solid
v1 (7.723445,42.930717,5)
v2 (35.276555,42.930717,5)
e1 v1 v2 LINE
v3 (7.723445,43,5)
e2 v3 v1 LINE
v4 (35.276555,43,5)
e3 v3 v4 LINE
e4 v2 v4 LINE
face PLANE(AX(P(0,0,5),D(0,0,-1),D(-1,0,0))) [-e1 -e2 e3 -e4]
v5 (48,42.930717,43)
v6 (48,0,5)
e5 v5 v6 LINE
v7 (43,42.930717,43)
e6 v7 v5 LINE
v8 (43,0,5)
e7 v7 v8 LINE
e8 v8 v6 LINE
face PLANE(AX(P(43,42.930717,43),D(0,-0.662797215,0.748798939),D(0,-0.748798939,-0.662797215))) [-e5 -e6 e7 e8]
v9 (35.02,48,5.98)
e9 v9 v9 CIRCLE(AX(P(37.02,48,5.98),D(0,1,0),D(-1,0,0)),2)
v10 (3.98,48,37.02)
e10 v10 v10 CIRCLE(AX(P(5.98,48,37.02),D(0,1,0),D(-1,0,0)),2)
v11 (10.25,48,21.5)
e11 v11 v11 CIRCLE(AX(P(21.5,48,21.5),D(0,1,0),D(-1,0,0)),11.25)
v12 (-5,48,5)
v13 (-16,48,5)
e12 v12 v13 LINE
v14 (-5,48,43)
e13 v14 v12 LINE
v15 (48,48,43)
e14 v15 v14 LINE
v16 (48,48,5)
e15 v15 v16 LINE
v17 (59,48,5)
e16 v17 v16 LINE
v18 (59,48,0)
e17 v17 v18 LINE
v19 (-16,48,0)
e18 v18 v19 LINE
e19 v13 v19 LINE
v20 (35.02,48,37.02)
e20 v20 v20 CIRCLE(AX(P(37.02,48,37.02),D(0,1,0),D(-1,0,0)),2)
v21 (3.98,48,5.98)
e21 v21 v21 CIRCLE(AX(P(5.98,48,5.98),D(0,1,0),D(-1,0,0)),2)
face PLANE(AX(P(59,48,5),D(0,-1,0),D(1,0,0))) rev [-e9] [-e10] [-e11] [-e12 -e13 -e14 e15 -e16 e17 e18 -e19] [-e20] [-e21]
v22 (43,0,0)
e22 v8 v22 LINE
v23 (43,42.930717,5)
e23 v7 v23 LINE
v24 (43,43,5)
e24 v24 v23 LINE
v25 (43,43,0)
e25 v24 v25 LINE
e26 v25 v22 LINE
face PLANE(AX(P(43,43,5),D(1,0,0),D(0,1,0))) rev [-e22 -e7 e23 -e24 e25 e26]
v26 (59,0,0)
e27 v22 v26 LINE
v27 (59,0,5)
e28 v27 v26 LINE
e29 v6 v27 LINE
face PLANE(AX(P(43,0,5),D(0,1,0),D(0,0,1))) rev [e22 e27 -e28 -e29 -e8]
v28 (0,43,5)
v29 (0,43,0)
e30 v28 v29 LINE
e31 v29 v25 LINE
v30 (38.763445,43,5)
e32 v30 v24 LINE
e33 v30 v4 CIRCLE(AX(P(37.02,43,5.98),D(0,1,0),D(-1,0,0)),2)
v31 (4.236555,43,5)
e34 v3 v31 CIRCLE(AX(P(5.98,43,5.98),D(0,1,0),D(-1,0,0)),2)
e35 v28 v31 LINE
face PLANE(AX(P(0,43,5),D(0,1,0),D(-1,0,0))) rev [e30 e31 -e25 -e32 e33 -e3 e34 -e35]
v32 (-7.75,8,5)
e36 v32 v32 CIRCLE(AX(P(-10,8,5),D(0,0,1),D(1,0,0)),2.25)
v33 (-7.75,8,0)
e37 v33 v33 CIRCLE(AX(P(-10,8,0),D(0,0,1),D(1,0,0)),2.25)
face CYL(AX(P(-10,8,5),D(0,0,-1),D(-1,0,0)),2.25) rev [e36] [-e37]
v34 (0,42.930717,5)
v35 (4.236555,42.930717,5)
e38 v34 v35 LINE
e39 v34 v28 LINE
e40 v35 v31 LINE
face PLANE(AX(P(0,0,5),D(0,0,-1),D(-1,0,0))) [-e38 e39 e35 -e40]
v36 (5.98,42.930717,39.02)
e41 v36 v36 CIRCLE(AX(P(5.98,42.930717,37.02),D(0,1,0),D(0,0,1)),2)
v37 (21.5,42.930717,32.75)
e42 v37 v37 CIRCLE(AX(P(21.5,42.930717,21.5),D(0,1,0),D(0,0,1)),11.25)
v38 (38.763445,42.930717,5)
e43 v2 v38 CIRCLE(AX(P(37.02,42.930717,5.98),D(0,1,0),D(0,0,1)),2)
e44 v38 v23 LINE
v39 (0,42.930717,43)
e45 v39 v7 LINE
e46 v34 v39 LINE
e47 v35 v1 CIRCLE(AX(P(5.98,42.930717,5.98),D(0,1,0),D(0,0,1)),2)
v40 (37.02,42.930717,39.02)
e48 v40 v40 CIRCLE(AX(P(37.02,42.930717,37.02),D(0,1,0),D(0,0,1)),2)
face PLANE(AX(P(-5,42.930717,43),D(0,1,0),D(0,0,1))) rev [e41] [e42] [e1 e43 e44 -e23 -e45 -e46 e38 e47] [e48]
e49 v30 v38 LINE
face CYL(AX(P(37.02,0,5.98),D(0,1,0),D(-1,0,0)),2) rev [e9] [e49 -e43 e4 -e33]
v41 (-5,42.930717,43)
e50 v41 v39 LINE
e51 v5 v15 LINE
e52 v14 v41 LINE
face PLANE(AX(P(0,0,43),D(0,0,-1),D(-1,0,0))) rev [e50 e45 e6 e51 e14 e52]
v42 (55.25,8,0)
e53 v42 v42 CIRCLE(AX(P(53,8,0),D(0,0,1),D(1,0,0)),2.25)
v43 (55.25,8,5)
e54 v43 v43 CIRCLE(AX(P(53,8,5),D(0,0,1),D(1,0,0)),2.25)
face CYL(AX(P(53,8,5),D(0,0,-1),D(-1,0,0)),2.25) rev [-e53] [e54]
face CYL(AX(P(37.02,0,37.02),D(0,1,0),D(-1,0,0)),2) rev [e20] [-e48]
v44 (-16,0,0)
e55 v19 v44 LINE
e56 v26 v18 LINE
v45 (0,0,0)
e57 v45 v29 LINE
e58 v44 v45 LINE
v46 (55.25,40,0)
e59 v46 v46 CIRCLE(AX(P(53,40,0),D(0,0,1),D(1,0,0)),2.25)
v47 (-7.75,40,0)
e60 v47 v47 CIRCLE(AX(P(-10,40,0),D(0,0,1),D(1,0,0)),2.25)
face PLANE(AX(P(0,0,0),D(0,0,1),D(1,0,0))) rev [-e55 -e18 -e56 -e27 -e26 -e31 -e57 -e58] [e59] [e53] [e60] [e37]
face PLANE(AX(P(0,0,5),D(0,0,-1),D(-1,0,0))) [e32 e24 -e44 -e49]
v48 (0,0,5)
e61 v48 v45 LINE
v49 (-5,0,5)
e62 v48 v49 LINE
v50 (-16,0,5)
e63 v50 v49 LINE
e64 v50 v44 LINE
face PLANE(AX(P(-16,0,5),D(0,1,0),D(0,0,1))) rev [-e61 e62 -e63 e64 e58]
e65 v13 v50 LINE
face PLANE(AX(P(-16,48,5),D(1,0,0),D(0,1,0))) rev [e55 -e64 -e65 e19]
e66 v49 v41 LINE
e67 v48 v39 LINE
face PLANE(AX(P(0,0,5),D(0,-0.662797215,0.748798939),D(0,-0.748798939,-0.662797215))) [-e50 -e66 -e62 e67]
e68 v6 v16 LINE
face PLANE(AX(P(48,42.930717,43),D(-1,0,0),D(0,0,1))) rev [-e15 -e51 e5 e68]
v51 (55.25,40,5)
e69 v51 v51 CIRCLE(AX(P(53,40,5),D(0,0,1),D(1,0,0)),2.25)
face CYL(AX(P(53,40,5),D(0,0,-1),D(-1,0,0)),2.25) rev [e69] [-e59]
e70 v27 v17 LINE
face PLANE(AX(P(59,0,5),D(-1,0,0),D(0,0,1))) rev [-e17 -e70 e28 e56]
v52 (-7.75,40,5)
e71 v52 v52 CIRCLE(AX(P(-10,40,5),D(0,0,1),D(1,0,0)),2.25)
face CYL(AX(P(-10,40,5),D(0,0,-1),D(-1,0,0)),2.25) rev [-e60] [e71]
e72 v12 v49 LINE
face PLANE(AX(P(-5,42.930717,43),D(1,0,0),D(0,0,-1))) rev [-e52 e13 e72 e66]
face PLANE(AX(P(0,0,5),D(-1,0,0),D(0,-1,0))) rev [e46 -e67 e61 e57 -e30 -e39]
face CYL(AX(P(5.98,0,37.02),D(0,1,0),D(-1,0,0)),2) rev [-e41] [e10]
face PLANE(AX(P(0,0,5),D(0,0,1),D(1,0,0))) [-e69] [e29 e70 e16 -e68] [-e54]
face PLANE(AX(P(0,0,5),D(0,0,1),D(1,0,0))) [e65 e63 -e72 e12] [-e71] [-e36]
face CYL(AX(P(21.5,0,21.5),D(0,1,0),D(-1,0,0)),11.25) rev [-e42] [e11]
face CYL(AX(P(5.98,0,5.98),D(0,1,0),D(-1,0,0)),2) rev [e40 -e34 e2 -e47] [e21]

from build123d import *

# Parameters (mm, degrees)
SKETCH1_R           = 2.25
BOSS_EXTRUDE1_DEPTH = 5
SKETCH2_W           = 53
SKETCH2_H           = 5.069282957
BOSS_EXTRUDE2_DEPTH = 38
BOSS_EXTRUDE3_DEPTH = 5
BOSS_EXTRUDE4_DEPTH = 5
SKETCH5_R           = 11.25
SKETCH5_R_2         = 2
CUT_EXTRUDE1_DEPTH  = 49


with BuildPart() as part:
    # Sketch1 → Boss-Extrude1 (new body)
    with BuildSketch(Plane.XY):
        Polygon((0, 0), (0, 43), (43, 43), (43, 0), (59, 0), (59, 48), (-16, 48), (-16, 0), align=None)
        with Locations((-10, 40)):
            Circle(SKETCH1_R, mode=Mode.SUBTRACT)
        with Locations((53, 40)):
            Circle(SKETCH1_R, mode=Mode.SUBTRACT)
        with Locations((53, 8)):
            Circle(SKETCH1_R, mode=Mode.SUBTRACT)
        with Locations((-10, 8)):
            Circle(SKETCH1_R, mode=Mode.SUBTRACT)
    extrude(amount=BOSS_EXTRUDE1_DEPTH)

    # Sketch2 → Boss-Extrude2 (add)
    with BuildSketch(Plane.XY.offset(5)):
        with Locations((21.5, 45.465358522)):
            Rectangle(SKETCH2_W, SKETCH2_H)
    extrude(amount=BOSS_EXTRUDE2_DEPTH)

    # Sketch3 → Boss-Extrude3 (add)
    with BuildSketch(Plane.ZY.offset(5)):
        Polygon((5, 48), (5, 0), (43, 42.930717043), (43, 48), align=None)
    extrude(amount=-BOSS_EXTRUDE3_DEPTH)

    # Sketch4 → Boss-Extrude4 (add)
    with BuildSketch(Plane(origin=(48, 0, 0), x_dir=(0, 0, -1), z_dir=(1, 0, 0))):
        Polygon((-43, 48), (-43, 42.930717043), (-5, 0), (-5, 48), align=None)
    extrude(amount=-BOSS_EXTRUDE4_DEPTH)

    # Sketch5 → Cut-Extrude1 (cut, through all)
    with BuildSketch(Plane(origin=(0, 48, 0), x_dir=(1, 0, 0), z_dir=(0, 1, 0))):
        with Locations((21.5, -21.5)):
            Circle(SKETCH5_R)
        with Locations((5.98, -5.98)):
            Circle(SKETCH5_R_2)
        with Locations((37.02, -5.98)):
            Circle(SKETCH5_R_2)
        with Locations((37.02, -37.02)):
            Circle(SKETCH5_R_2)
        with Locations((5.98, -37.02)):
            Circle(SKETCH5_R_2)
    extrude(amount=-CUT_EXTRUDE1_DEPTH, mode=Mode.SUBTRACT)


solid = part.part
